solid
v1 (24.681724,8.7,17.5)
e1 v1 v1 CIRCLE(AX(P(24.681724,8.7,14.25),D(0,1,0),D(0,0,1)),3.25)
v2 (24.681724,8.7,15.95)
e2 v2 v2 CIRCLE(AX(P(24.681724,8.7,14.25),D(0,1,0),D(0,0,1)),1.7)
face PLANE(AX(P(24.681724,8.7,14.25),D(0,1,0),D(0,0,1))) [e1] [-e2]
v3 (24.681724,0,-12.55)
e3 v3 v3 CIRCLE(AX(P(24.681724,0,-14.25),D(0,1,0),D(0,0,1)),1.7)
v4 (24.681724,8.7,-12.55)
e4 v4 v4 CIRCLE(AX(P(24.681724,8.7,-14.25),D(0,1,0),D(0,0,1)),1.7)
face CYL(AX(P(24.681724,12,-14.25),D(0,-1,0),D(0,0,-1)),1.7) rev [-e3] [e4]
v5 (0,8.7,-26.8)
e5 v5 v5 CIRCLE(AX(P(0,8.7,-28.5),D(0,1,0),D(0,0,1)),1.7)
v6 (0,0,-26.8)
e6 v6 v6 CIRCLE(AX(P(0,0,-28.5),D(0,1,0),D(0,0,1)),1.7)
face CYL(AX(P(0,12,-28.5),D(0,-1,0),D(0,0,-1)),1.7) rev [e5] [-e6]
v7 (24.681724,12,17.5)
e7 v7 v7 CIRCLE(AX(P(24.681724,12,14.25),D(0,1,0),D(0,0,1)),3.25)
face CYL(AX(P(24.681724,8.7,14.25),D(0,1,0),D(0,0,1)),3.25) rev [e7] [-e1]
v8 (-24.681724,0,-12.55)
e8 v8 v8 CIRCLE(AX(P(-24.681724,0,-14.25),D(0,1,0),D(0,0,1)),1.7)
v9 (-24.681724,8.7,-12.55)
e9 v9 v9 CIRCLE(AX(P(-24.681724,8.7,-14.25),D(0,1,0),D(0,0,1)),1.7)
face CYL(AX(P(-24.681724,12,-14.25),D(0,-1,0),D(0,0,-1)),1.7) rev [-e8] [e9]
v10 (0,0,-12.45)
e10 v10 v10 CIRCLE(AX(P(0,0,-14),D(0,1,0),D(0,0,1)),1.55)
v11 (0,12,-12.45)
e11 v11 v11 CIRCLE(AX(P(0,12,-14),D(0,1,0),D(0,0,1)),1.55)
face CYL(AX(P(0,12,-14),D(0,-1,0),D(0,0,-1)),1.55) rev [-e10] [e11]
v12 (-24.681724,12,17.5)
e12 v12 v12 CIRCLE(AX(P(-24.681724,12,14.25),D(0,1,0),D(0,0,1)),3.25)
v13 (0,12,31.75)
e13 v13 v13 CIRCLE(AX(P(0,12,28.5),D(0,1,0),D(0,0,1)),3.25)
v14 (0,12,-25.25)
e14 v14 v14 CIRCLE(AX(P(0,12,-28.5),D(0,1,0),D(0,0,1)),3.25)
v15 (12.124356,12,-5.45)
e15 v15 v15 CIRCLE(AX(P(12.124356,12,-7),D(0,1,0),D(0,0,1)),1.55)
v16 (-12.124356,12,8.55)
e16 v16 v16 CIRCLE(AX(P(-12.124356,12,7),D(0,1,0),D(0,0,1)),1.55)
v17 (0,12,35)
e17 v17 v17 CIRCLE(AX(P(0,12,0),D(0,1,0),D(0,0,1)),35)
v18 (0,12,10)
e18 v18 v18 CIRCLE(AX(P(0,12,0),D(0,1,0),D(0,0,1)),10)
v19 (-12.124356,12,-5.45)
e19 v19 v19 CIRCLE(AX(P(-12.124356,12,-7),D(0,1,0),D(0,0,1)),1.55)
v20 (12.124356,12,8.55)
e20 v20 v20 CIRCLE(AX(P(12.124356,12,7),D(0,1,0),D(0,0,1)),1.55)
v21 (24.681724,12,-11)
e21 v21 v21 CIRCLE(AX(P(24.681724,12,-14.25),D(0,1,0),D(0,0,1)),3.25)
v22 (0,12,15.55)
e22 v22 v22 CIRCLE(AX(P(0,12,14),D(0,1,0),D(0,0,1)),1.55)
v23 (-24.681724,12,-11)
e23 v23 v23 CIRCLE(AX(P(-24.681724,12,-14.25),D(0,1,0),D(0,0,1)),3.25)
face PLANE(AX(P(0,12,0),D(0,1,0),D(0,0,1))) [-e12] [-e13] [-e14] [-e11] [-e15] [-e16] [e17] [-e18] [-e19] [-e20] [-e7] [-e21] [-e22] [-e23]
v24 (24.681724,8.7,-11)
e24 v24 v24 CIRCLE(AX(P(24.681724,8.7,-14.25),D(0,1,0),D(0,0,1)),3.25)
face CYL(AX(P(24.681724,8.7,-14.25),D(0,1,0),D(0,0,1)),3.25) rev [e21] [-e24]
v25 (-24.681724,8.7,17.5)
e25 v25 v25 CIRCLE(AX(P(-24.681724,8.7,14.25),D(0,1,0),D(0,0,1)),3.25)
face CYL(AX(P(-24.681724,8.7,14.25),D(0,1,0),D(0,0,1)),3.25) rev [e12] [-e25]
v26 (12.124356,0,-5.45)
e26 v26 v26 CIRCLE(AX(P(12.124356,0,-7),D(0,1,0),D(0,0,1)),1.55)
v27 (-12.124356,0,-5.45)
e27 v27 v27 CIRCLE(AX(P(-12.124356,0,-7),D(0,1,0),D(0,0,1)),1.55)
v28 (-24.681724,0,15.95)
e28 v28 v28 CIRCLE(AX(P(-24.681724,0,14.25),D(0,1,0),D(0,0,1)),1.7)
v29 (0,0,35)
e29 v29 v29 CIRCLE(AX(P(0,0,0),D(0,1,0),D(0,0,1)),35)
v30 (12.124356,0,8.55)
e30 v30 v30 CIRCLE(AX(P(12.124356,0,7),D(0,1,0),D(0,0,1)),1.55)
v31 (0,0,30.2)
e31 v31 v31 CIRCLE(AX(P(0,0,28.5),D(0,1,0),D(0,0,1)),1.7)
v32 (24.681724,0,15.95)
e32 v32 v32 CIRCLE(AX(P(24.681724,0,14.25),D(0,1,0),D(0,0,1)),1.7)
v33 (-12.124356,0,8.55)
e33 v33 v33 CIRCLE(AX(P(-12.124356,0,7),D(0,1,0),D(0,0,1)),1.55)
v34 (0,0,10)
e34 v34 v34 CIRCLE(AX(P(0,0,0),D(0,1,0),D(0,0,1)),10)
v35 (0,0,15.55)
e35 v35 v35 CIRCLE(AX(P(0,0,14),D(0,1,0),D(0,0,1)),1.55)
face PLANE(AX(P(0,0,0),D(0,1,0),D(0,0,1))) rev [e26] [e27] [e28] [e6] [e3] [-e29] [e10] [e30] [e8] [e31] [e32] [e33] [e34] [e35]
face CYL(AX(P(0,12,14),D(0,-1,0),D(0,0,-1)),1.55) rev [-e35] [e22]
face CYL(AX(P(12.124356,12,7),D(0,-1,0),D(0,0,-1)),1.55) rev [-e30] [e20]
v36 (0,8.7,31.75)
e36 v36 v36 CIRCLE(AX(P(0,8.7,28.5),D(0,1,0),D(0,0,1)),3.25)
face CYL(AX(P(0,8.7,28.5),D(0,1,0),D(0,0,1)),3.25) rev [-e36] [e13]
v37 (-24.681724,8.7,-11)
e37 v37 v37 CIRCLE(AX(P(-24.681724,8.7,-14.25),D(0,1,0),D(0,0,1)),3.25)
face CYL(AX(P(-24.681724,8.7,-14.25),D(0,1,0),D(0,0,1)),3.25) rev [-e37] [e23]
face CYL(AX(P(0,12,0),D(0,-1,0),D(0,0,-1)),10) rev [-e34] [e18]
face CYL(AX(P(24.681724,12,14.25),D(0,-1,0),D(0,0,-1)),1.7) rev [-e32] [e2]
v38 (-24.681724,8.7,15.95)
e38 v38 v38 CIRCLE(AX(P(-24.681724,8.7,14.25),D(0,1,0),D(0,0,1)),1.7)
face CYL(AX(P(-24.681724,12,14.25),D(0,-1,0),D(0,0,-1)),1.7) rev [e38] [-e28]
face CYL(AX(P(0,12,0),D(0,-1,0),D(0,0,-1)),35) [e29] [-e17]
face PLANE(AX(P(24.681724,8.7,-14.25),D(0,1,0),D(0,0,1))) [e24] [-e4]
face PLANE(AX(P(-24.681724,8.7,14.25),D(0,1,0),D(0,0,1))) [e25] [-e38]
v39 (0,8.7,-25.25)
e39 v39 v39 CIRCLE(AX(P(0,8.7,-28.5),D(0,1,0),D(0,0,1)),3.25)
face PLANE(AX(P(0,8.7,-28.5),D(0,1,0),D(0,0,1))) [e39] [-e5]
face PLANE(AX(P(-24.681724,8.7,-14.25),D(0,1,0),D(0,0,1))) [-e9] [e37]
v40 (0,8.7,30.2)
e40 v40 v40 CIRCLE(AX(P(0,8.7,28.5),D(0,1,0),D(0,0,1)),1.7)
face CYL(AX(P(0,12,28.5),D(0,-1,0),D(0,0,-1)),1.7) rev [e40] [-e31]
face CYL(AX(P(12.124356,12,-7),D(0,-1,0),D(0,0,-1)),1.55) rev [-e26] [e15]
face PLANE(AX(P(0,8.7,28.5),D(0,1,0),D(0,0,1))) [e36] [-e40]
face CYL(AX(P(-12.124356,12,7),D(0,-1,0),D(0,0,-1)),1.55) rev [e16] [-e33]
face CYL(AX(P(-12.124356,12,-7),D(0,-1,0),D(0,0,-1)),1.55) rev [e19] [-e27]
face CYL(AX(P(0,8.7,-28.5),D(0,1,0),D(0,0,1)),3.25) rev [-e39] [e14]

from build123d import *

# Parameters (mm, degrees)
SKETCH_1_R          = 35
SKETCH_1_R_2        = 10
SKETCH_1_R_3        = 1.55
SKETCH_1_R_4        = 1.7
EXTRUDE_1_DEPTH     = 12
SKETCH_2_R          = 3.25
CUT_EXTRUDE_1_DEPTH = 3.3


with BuildPart() as part:
    # 草图1 → 凸台-拉伸1 (new body)
    with BuildSketch(Plane(origin=(0, 0, 0), x_dir=(1, 0, 0), z_dir=(0, 1, 0))):
        with Locations(Location((0, 0, 0), (0, 0, 270))):
            Circle(SKETCH_1_R)
        with Locations(Location((0, 0, 0), (0, 0, 270))):
            Circle(SKETCH_1_R_2, mode=Mode.SUBTRACT)
        with Locations(Location((0, 14, 0), (0, 0, 270))):
            Circle(SKETCH_1_R_3, mode=Mode.SUBTRACT)
        with Locations(Location((12.124355653, 7, 0), (0, 0, 270))):
            Circle(SKETCH_1_R_3, mode=Mode.SUBTRACT)
        with Locations(Location((12.124355653, -7, 0), (0, 0, 270))):
            Circle(SKETCH_1_R_3, mode=Mode.SUBTRACT)
        with Locations(Location((0, -14, 0), (0, 0, 270))):
            Circle(SKETCH_1_R_3, mode=Mode.SUBTRACT)
        with Locations(Location((-12.124355653, -7, 0), (0, 0, 270))):
            Circle(SKETCH_1_R_3, mode=Mode.SUBTRACT)
        with Locations(Location((-12.124355653, 7, 0), (0, 0, 270))):
            Circle(SKETCH_1_R_3, mode=Mode.SUBTRACT)
        with Locations(Location((0, 28.5, 0), (0, 0, 270))):
            Circle(SKETCH_1_R_4, mode=Mode.SUBTRACT)
        with Locations(Location((24.681724008, 14.25, 0), (0, 0, 270))):
            Circle(SKETCH_1_R_4, mode=Mode.SUBTRACT)
        with Locations(Location((24.681724008, -14.25, 0), (0, 0, 270))):
            Circle(SKETCH_1_R_4, mode=Mode.SUBTRACT)
        with Locations(Location((0, -28.5, 0), (0, 0, 270))):
            Circle(SKETCH_1_R_4, mode=Mode.SUBTRACT)
        with Locations(Location((-24.681724008, -14.25, 0), (0, 0, 270))):
            Circle(SKETCH_1_R_4, mode=Mode.SUBTRACT)
        with Locations(Location((-24.681724008, 14.25, 0), (0, 0, 270))):
            Circle(SKETCH_1_R_4, mode=Mode.SUBTRACT)
    extrude(amount=EXTRUDE_1_DEPTH)

    # 草图2 → 切除-拉伸1 (cut)
    with BuildSketch(Plane(origin=(0, 12, 0), x_dir=(1, 0, 0), z_dir=(0, 1, 0))):
        with Locations(Location((0, 28.5, 0), (0, 0, 270))):
            Circle(SKETCH_2_R)
        with Locations(Location((24.681724008, 14.25, 0), (0, 0, 270))):
            Circle(SKETCH_2_R)
        with Locations(Location((24.681724008, -14.25, 0), (0, 0, 270))):
            Circle(SKETCH_2_R)
        with Locations(Location((0, -28.5, 0), (0, 0, 270))):
            Circle(SKETCH_2_R)
        with Locations(Location((-24.681724008, -14.25, 0), (0, 0, 270))):
            Circle(SKETCH_2_R)
        with Locations(Location((-24.681724008, 14.25, 0), (0, 0, 270))):
            Circle(SKETCH_2_R)
    extrude(amount=-CUT_EXTRUDE_1_DEPTH, mode=Mode.SUBTRACT)


solid = part.part
